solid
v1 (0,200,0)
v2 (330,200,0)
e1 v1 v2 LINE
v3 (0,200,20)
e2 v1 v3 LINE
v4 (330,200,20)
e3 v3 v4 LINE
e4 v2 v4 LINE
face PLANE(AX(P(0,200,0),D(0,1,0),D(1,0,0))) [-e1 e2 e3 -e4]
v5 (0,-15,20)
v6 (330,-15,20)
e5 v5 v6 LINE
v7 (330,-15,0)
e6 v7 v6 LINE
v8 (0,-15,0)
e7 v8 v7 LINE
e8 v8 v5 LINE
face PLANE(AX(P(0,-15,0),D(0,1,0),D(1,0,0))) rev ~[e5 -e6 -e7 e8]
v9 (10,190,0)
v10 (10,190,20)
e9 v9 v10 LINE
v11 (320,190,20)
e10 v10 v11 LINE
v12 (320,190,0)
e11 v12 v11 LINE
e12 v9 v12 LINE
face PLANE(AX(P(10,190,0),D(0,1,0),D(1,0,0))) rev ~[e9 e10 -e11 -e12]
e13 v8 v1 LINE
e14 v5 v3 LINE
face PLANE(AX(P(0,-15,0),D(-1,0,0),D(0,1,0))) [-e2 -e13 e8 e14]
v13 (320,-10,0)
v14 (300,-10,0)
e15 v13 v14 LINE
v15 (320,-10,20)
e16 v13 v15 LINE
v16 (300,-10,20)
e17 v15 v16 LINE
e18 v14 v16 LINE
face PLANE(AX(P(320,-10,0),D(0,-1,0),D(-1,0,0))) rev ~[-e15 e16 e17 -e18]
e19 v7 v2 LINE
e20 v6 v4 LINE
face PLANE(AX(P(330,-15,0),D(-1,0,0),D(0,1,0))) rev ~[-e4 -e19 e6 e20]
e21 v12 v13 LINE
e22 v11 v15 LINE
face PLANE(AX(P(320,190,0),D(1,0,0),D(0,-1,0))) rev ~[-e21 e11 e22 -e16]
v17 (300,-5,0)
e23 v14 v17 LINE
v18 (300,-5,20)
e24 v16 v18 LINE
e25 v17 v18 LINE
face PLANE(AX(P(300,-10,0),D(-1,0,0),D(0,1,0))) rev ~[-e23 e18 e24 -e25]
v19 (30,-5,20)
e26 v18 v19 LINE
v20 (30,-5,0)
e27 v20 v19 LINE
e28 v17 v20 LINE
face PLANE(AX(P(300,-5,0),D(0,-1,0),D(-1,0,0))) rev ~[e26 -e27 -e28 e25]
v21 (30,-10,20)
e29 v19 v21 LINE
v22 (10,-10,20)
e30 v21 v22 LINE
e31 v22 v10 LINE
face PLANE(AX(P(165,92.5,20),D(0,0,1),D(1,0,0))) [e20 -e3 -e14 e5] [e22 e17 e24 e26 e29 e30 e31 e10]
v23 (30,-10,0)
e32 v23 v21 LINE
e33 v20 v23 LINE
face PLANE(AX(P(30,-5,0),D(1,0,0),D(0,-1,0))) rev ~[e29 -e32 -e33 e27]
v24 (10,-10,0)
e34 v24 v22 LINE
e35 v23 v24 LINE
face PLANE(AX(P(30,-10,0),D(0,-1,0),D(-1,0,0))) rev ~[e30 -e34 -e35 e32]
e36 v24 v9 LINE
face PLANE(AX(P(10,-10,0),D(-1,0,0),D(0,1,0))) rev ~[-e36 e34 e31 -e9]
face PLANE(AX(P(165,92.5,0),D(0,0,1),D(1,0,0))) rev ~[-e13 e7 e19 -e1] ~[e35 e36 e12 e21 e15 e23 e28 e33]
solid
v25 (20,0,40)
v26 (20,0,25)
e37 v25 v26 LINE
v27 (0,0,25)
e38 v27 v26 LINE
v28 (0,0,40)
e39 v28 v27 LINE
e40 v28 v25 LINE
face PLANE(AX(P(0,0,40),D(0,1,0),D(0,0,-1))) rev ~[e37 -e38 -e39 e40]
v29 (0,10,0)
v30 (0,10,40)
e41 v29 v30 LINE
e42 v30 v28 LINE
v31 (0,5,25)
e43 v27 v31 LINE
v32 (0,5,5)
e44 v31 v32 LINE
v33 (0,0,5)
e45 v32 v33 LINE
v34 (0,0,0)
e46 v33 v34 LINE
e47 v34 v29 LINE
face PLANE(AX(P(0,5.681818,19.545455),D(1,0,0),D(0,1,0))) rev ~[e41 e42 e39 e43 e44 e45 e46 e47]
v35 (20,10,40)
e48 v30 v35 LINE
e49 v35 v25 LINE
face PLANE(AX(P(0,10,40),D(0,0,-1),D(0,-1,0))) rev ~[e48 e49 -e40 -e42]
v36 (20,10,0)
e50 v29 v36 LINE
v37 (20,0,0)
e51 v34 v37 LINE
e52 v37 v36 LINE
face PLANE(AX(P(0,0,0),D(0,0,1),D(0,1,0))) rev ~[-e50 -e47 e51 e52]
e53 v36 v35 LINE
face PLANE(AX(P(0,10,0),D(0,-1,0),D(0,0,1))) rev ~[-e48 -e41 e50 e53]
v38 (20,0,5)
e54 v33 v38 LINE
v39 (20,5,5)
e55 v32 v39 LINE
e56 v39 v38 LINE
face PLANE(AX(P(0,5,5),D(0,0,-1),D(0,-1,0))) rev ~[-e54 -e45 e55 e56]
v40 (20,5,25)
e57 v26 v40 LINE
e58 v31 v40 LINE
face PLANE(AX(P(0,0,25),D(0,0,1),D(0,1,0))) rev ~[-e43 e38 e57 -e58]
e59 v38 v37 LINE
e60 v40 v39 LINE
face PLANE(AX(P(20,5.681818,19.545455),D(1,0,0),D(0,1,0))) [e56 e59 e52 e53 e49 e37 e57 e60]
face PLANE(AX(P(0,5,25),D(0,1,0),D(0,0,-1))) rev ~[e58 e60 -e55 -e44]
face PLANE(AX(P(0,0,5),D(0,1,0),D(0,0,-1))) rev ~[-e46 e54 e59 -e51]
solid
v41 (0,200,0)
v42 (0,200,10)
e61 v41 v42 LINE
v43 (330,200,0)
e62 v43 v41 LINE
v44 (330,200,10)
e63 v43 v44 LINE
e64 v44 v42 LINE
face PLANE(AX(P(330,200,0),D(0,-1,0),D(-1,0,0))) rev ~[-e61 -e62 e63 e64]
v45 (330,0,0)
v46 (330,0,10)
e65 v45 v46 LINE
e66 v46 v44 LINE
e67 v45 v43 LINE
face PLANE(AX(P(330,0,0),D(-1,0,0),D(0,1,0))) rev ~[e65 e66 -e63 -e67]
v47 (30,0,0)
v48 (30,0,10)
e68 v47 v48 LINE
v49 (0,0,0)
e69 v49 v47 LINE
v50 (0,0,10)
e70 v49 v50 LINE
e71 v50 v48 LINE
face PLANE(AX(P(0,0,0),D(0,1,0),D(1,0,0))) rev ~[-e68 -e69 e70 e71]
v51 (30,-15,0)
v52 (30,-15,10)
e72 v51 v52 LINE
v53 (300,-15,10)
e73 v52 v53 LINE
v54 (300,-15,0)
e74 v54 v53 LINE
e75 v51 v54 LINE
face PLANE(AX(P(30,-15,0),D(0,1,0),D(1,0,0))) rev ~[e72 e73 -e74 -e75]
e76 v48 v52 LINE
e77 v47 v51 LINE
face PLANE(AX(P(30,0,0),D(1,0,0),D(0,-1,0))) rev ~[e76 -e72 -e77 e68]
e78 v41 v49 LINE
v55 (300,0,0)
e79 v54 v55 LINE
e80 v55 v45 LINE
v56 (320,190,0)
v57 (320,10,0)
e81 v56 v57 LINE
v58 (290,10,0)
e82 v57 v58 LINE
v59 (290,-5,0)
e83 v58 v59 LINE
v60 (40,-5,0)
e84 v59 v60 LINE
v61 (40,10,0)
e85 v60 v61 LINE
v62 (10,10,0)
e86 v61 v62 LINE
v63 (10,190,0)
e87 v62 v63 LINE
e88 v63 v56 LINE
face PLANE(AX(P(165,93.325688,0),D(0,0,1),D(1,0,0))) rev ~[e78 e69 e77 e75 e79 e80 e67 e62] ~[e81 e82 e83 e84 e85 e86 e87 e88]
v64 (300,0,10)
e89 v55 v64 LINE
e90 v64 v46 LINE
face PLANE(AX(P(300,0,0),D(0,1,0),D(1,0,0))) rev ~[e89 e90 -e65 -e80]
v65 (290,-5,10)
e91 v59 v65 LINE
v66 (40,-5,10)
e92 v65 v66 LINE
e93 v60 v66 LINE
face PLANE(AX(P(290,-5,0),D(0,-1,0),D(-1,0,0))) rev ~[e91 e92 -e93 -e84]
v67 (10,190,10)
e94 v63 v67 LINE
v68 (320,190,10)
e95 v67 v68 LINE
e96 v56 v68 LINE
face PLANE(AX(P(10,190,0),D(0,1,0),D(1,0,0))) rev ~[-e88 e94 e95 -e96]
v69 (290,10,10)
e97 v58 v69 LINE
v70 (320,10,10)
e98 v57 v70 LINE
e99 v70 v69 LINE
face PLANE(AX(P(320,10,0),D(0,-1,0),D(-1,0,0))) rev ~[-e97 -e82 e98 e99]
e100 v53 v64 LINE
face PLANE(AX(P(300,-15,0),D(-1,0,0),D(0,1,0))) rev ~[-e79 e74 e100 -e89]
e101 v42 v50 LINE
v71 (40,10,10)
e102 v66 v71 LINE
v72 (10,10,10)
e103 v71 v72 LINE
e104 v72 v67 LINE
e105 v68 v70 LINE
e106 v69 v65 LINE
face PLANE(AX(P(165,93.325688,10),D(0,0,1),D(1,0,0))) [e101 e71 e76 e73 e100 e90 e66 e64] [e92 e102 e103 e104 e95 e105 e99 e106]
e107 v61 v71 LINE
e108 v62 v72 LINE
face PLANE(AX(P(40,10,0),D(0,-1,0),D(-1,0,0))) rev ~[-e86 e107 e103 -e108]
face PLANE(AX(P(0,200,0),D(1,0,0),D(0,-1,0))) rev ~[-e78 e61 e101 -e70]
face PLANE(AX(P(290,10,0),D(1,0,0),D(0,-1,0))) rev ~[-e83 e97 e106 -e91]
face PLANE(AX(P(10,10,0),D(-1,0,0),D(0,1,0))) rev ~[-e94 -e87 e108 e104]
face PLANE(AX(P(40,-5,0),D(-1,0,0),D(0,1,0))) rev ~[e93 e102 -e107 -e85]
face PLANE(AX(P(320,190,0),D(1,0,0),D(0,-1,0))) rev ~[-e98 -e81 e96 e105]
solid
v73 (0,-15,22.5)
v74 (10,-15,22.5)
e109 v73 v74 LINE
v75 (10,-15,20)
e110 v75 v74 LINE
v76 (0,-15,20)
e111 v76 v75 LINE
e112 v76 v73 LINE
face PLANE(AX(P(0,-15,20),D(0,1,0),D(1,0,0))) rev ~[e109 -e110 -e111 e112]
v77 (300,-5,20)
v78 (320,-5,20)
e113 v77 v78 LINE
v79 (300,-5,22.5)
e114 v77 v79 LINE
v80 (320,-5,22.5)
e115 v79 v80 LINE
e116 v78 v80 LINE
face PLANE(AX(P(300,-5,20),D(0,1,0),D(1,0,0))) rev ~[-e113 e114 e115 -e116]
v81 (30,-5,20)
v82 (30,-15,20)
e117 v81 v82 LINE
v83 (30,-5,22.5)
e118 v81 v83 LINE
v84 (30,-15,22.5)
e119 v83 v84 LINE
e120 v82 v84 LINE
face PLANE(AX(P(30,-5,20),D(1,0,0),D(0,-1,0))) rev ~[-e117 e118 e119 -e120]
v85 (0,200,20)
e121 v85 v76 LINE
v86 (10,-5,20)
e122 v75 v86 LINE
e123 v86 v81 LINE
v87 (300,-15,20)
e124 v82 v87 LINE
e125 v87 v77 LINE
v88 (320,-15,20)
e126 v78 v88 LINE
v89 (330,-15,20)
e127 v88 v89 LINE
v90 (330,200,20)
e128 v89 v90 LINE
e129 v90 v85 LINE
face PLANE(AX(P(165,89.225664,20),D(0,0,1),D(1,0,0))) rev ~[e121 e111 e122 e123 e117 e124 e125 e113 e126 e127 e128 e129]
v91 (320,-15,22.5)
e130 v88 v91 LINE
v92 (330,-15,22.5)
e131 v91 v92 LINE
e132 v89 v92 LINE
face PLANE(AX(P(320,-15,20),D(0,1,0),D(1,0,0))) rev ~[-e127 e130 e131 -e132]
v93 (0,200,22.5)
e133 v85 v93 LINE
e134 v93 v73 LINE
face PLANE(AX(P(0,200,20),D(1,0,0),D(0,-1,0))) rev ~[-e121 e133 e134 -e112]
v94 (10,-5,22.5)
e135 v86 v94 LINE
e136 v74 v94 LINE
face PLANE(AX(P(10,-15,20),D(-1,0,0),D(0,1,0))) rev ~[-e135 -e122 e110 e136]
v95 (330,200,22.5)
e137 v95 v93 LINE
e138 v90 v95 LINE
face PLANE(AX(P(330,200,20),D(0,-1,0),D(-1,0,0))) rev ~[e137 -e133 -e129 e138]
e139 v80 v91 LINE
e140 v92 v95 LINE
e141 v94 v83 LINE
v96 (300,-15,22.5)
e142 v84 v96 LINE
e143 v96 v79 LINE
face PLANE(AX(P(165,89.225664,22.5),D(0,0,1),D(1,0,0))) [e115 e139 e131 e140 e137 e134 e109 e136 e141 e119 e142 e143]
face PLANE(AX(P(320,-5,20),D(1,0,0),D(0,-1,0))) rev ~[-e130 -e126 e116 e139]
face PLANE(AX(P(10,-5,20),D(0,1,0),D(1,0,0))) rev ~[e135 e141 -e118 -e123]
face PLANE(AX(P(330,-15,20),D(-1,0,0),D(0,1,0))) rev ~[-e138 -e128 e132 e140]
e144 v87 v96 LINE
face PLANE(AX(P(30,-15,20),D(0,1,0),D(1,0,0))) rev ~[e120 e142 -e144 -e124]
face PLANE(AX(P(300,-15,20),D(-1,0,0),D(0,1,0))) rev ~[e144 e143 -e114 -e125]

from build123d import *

# Parameters (mm, degrees)
F1_DEPTH = 10
F2_W     = 330
F2_H     = 215
F3_DEPTH = 20
F5_DEPTH = 20
F7_DEPTH = 2.5


with BuildPart() as f1:
    # F0 (on Top) → F1 (new body)
    with BuildSketch(Plane.XY):
        Polygon((330, 200), (0, 200), (0, 0), (30, 0), (30, -15), (300, -15), (300, 0), (330, 0), align=None)
        Polygon((10, 10), (10, 190), (320, 190), (320, 10), (290, 10), (290, -5), (40, -5), (40, 10), align=None, mode=Mode.SUBTRACT)
    extrude(amount=F1_DEPTH)


with BuildPart() as f3:
    # F2 (on Top) → F3 (new body)
    with BuildSketch(Plane.XY):
        with Locations((165, 92.5)):
            Rectangle(F2_W, F2_H)
        Polygon((10, -5), (10, 190), (320, 190), (320, -5), (320, -10), (300, -10), (300, -5), (30, -5), (30, -10), (10, -10), align=None, mode=Mode.SUBTRACT)
    extrude(amount=F3_DEPTH)


with BuildPart() as f5:
    # F4 (on Right) → F5 (new body)
    with BuildSketch(Plane.YZ):
        Polygon((0, 5), (0, 0), (10, 0), (10, 40), (0, 40), (0, 25), (5, 25), (5, 5), align=None)
    extrude(amount=F5_DEPTH)


with BuildPart() as f7:
    # F6 (on face) → F7 (new body)
    with BuildSketch(Plane.XY.offset(20)):
        Polygon((330, 200), (0, 200), (0, -15), (10, -15), (10, -5), (30, -5), (30, -15), (300, -15), (300, -5), (320, -5), (320, -15), (330, -15), align=None)
    extrude(amount=F7_DEPTH)


solid = Compound([f1.part, f3.part, f5.part, f7.part])
